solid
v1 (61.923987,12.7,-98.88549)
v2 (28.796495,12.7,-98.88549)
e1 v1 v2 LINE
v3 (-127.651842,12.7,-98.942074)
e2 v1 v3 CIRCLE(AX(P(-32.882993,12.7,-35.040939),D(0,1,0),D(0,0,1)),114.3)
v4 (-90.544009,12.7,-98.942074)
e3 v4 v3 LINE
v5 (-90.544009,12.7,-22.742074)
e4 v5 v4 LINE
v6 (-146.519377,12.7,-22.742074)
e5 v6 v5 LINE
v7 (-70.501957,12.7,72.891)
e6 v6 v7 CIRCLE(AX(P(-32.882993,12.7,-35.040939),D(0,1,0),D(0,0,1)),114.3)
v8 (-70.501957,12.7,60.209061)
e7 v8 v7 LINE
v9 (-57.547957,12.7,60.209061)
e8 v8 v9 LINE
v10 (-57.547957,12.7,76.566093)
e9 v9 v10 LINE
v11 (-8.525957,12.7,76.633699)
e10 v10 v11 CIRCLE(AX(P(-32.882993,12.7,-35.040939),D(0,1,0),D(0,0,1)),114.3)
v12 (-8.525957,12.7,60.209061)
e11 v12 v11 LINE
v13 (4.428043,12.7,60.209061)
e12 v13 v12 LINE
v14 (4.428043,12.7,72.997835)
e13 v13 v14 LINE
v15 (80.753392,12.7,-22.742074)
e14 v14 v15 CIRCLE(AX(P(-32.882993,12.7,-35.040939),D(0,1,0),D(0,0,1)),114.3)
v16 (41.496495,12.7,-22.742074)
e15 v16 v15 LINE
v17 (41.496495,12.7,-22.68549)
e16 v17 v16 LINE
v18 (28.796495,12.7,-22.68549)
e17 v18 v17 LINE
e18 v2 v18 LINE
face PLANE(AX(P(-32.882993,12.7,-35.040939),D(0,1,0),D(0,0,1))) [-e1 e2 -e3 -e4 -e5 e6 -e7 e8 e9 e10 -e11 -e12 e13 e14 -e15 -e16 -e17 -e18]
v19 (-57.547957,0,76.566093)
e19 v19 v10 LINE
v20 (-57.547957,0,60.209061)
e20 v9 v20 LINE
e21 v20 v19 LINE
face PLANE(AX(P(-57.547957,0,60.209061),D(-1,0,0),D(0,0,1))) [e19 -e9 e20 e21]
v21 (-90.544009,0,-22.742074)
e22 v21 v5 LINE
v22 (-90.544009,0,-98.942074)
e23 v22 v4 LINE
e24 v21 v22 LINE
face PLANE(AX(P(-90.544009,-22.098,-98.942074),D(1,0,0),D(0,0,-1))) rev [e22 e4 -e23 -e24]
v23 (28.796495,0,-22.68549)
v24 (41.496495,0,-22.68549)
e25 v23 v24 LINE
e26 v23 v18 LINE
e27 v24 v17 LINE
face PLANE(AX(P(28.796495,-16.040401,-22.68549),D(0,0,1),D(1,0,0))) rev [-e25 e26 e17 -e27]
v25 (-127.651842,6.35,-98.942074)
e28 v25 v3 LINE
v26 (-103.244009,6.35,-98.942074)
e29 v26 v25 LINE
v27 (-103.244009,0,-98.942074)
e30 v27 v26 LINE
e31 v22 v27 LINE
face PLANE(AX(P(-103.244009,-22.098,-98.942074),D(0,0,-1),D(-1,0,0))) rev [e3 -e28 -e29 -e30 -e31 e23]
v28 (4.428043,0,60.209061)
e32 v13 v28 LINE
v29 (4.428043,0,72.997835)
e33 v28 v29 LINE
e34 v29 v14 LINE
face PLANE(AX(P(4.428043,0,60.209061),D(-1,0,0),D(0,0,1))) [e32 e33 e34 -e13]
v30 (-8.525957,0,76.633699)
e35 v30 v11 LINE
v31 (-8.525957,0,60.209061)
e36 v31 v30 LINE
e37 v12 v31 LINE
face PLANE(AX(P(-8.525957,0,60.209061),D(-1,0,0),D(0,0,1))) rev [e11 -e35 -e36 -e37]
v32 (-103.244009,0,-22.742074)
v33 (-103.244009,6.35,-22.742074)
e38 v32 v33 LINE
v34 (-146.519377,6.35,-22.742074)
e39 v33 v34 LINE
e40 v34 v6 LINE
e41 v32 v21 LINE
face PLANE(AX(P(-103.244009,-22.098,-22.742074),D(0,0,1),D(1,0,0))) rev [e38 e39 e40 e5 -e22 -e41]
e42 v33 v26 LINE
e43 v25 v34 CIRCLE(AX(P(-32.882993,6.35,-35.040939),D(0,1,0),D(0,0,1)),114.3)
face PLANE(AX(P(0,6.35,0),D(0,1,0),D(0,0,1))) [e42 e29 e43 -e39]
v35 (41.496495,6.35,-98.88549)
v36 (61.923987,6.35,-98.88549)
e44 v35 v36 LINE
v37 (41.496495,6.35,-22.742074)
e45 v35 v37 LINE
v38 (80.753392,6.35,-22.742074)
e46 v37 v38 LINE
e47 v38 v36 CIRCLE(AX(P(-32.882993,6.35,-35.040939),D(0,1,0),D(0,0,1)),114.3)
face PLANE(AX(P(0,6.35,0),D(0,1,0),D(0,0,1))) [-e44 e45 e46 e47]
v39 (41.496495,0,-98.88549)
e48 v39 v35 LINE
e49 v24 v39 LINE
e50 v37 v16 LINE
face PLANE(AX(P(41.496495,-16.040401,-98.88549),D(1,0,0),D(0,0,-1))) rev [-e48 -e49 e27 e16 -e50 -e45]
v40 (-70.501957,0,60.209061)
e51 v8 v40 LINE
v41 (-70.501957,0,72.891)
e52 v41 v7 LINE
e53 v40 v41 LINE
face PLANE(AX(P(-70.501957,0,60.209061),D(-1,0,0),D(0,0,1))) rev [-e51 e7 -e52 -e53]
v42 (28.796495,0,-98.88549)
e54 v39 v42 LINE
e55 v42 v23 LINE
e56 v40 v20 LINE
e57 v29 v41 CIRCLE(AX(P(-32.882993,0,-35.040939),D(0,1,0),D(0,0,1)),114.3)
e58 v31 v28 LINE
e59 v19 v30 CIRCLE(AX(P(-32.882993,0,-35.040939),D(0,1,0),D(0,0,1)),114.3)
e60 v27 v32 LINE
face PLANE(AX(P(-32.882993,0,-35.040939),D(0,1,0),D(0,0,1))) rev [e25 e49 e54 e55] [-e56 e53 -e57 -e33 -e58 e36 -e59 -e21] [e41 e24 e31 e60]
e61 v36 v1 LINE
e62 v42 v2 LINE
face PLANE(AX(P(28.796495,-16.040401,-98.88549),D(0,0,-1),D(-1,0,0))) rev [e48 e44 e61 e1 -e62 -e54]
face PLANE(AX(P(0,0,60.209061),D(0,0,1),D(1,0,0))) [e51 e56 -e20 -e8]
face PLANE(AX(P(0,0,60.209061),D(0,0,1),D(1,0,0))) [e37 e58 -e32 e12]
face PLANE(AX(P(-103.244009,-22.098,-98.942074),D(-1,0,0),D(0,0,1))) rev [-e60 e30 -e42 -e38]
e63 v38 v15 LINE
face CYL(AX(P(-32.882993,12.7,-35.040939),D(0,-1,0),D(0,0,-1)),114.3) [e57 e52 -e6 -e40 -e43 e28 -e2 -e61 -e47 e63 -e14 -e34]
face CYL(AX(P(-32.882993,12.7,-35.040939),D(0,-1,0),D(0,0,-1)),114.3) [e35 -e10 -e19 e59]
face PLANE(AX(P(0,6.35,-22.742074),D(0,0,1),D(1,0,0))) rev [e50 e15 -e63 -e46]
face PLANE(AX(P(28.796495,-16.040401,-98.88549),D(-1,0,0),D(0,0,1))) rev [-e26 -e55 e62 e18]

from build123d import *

# Parameters (mm, degrees)
SKETCH1_R           = 114.3
BOSS_EXTRUDE1_DEPTH = 12.7
SKETCH2_W           = 12.7
SKETCH2_H           = 76.2
BOSS_EXTRUDE2_DEPTH = 34.798
SKETCH3_W           = 12.7
SKETCH3_H           = 76.2
BOSS_EXTRUDE3_DEPTH = 28.740401289
CUT_EXTRUDE1_START  = -6.35
SKETCH4_W           = 28.393004938
SKETCH4_H           = 63.5
CUT_EXTRUDE1_DEPTH  = 6.35
SKETCH5_W           = 12.954
SKETCH5_H           = 12.954
CUT_EXTRUDE3_DEPTH  = 19.05


with BuildPart() as part:
    # Sketch1 → Boss-Extrude1 (new body)
    with BuildSketch(Plane(origin=(0, 0, 0), x_dir=(1, 0, 0), z_dir=(0, 1, 0))):
        with Locations(Location((-32.882992553, 35.040938939, 0), (0, 0, 270))):
            Circle(SKETCH1_R)
    extrude(amount=BOSS_EXTRUDE1_DEPTH)


with BuildPart() as body_2:
    # Sketch2 → Boss-Extrude2 (new body)
    with BuildSketch(Plane(origin=(-68.183595193, 12.7, 21.019137782), x_dir=(1, 0, 0), z_dir=(0, 1, 0))):
        with Locations((-28.710414214, 81.861212069)):
            Rectangle(SKETCH2_W, SKETCH2_H)
    extrude(amount=-BOSS_EXTRUDE2_DEPTH)


with BuildPart() as body_3:
    # Sketch3 → Boss-Extrude3 (new body)
    with BuildSketch(Plane(origin=(0, 12.7, 4.049059252), x_dir=(1, 0, 0), z_dir=(0, 1, 0))):
        with Locations((35.146495172, 64.834549154)):
            Rectangle(SKETCH3_W, SKETCH3_H)
    extrude(amount=-BOSS_EXTRUDE3_DEPTH)


with BuildPart() as part_1:
    add(part.part)

    # Combine1: cut body 2, body 3
    add(body_2.part, mode=Mode.SUBTRACT)
    add(body_3.part, mode=Mode.SUBTRACT)

    # Sketch4 → Cut-Extrude1 (cut)
    with BuildSketch(Plane(origin=(0, 12.7, 0), x_dir=(1, 0, 0), z_dir=(0, 1, 0)).offset(CUT_EXTRUDE1_START)):
        with BuildLine():
            ThreePointArc((81.417007447, 35.040938939), (78.08126298, 62.45305294), (68.268731087, 88.265170308))
            Line((68.268731087, 88.265170308), (41.496495172, 88.265170308))
            Line((41.496495172, 88.265170308), (41.496495172, 24.765170308))
            Line((41.496495172, 24.765170308), (80.954165612, 24.765170308))
            ThreePointArc((80.954165612, 24.765170308), (81.30123836, 29.897845426), (81.417007447, 35.040938939))
        make_face()
        with BuildLine():
            Line((84.866092825, 88.265170308), (68.268731087, 88.265170308))
            ThreePointArc((68.268731087, 88.265170308), (78.08126298, 62.45305294), (81.417007447, 35.040938939))
            ThreePointArc((81.417007447, 35.040938939), (81.30123836, 29.897845426), (80.954165612, 24.765170308))
            Line((80.954165612, 24.765170308), (84.866092825, 24.765170308))
            Line((84.866092825, 24.765170308), (84.866092825, 88.265170308))
        make_face()
        with Locations((-117.440511876, 60.842074288)):
            Rectangle(SKETCH4_W, SKETCH4_H)
        with BuildLine():
            Line((-131.637014345, 29.092074288), (-131.637014345, 92.592074288))
            ThreePointArc((-131.637014345, 92.592074288), (-143.966610555, 61.96527387), (-147.028080092, 29.092074288))
            Line((-147.028080092, 29.092074288), (-131.637014345, 29.092074288))
        make_face()
        with BuildLine():
            Line((-103.244009407, 29.092074288), (-131.637014345, 29.092074288))
            Line((-131.637014345, 29.092074288), (-147.028080092, 29.092074288))
            ThreePointArc((-147.028080092, 29.092074288), (-146.817975763, 25.913529623), (-146.519377256, 22.742074288))
            Line((-146.519377256, 22.742074288), (-103.244009407, 22.742074288))
            Line((-103.244009407, 22.742074288), (-103.244009407, 29.092074288))
        make_face()
        with BuildLine():
            ThreePointArc((-127.651842399, 98.942074288), (-129.696504455, 95.799756515), (-131.637014345, 92.592074288))
            Line((-131.637014345, 92.592074288), (-103.244009407, 92.592074288))
            Line((-103.244009407, 92.592074288), (-103.244009407, 98.942074288))
            Line((-103.244009407, 98.942074288), (-127.651842399, 98.942074288))
        make_face()
        with BuildLine():
            Line((41.496495172, 22.742074288), (80.75339215, 22.742074288))
            ThreePointArc((80.75339215, 22.742074288), (80.858277027, 23.753175898), (80.954165612, 24.765170308))
            Line((80.954165612, 24.765170308), (41.496495172, 24.765170308))
            Line((41.496495172, 24.765170308), (41.496495172, 22.742074288))
        make_face()
        with BuildLine():
            ThreePointArc((68.268731087, 88.265170308), (65.240150005, 93.661233159), (61.923986686, 98.885489901))
            Line((61.923986686, 98.885489901), (41.496495172, 98.885489901))
            Line((41.496495172, 98.885489901), (41.496495172, 88.265170308))
            Line((41.496495172, 88.265170308), (68.268731087, 88.265170308))
        make_face()
    extrude(amount=CUT_EXTRUDE1_DEPTH, mode=Mode.SUBTRACT)

    # Sketch5 → Cut-Extrude3 (cut)
    with BuildSketch(Plane.XY.offset(79.259061061)):
        with Locations((-64.02495724, 6.223)):
            Rectangle(SKETCH5_W, SKETCH5_H)
        with Locations((-2.04895724, 6.223)):
            Rectangle(SKETCH5_W, SKETCH5_H)
    extrude(amount=-CUT_EXTRUDE3_DEPTH, mode=Mode.SUBTRACT)


solid = part_1.part
